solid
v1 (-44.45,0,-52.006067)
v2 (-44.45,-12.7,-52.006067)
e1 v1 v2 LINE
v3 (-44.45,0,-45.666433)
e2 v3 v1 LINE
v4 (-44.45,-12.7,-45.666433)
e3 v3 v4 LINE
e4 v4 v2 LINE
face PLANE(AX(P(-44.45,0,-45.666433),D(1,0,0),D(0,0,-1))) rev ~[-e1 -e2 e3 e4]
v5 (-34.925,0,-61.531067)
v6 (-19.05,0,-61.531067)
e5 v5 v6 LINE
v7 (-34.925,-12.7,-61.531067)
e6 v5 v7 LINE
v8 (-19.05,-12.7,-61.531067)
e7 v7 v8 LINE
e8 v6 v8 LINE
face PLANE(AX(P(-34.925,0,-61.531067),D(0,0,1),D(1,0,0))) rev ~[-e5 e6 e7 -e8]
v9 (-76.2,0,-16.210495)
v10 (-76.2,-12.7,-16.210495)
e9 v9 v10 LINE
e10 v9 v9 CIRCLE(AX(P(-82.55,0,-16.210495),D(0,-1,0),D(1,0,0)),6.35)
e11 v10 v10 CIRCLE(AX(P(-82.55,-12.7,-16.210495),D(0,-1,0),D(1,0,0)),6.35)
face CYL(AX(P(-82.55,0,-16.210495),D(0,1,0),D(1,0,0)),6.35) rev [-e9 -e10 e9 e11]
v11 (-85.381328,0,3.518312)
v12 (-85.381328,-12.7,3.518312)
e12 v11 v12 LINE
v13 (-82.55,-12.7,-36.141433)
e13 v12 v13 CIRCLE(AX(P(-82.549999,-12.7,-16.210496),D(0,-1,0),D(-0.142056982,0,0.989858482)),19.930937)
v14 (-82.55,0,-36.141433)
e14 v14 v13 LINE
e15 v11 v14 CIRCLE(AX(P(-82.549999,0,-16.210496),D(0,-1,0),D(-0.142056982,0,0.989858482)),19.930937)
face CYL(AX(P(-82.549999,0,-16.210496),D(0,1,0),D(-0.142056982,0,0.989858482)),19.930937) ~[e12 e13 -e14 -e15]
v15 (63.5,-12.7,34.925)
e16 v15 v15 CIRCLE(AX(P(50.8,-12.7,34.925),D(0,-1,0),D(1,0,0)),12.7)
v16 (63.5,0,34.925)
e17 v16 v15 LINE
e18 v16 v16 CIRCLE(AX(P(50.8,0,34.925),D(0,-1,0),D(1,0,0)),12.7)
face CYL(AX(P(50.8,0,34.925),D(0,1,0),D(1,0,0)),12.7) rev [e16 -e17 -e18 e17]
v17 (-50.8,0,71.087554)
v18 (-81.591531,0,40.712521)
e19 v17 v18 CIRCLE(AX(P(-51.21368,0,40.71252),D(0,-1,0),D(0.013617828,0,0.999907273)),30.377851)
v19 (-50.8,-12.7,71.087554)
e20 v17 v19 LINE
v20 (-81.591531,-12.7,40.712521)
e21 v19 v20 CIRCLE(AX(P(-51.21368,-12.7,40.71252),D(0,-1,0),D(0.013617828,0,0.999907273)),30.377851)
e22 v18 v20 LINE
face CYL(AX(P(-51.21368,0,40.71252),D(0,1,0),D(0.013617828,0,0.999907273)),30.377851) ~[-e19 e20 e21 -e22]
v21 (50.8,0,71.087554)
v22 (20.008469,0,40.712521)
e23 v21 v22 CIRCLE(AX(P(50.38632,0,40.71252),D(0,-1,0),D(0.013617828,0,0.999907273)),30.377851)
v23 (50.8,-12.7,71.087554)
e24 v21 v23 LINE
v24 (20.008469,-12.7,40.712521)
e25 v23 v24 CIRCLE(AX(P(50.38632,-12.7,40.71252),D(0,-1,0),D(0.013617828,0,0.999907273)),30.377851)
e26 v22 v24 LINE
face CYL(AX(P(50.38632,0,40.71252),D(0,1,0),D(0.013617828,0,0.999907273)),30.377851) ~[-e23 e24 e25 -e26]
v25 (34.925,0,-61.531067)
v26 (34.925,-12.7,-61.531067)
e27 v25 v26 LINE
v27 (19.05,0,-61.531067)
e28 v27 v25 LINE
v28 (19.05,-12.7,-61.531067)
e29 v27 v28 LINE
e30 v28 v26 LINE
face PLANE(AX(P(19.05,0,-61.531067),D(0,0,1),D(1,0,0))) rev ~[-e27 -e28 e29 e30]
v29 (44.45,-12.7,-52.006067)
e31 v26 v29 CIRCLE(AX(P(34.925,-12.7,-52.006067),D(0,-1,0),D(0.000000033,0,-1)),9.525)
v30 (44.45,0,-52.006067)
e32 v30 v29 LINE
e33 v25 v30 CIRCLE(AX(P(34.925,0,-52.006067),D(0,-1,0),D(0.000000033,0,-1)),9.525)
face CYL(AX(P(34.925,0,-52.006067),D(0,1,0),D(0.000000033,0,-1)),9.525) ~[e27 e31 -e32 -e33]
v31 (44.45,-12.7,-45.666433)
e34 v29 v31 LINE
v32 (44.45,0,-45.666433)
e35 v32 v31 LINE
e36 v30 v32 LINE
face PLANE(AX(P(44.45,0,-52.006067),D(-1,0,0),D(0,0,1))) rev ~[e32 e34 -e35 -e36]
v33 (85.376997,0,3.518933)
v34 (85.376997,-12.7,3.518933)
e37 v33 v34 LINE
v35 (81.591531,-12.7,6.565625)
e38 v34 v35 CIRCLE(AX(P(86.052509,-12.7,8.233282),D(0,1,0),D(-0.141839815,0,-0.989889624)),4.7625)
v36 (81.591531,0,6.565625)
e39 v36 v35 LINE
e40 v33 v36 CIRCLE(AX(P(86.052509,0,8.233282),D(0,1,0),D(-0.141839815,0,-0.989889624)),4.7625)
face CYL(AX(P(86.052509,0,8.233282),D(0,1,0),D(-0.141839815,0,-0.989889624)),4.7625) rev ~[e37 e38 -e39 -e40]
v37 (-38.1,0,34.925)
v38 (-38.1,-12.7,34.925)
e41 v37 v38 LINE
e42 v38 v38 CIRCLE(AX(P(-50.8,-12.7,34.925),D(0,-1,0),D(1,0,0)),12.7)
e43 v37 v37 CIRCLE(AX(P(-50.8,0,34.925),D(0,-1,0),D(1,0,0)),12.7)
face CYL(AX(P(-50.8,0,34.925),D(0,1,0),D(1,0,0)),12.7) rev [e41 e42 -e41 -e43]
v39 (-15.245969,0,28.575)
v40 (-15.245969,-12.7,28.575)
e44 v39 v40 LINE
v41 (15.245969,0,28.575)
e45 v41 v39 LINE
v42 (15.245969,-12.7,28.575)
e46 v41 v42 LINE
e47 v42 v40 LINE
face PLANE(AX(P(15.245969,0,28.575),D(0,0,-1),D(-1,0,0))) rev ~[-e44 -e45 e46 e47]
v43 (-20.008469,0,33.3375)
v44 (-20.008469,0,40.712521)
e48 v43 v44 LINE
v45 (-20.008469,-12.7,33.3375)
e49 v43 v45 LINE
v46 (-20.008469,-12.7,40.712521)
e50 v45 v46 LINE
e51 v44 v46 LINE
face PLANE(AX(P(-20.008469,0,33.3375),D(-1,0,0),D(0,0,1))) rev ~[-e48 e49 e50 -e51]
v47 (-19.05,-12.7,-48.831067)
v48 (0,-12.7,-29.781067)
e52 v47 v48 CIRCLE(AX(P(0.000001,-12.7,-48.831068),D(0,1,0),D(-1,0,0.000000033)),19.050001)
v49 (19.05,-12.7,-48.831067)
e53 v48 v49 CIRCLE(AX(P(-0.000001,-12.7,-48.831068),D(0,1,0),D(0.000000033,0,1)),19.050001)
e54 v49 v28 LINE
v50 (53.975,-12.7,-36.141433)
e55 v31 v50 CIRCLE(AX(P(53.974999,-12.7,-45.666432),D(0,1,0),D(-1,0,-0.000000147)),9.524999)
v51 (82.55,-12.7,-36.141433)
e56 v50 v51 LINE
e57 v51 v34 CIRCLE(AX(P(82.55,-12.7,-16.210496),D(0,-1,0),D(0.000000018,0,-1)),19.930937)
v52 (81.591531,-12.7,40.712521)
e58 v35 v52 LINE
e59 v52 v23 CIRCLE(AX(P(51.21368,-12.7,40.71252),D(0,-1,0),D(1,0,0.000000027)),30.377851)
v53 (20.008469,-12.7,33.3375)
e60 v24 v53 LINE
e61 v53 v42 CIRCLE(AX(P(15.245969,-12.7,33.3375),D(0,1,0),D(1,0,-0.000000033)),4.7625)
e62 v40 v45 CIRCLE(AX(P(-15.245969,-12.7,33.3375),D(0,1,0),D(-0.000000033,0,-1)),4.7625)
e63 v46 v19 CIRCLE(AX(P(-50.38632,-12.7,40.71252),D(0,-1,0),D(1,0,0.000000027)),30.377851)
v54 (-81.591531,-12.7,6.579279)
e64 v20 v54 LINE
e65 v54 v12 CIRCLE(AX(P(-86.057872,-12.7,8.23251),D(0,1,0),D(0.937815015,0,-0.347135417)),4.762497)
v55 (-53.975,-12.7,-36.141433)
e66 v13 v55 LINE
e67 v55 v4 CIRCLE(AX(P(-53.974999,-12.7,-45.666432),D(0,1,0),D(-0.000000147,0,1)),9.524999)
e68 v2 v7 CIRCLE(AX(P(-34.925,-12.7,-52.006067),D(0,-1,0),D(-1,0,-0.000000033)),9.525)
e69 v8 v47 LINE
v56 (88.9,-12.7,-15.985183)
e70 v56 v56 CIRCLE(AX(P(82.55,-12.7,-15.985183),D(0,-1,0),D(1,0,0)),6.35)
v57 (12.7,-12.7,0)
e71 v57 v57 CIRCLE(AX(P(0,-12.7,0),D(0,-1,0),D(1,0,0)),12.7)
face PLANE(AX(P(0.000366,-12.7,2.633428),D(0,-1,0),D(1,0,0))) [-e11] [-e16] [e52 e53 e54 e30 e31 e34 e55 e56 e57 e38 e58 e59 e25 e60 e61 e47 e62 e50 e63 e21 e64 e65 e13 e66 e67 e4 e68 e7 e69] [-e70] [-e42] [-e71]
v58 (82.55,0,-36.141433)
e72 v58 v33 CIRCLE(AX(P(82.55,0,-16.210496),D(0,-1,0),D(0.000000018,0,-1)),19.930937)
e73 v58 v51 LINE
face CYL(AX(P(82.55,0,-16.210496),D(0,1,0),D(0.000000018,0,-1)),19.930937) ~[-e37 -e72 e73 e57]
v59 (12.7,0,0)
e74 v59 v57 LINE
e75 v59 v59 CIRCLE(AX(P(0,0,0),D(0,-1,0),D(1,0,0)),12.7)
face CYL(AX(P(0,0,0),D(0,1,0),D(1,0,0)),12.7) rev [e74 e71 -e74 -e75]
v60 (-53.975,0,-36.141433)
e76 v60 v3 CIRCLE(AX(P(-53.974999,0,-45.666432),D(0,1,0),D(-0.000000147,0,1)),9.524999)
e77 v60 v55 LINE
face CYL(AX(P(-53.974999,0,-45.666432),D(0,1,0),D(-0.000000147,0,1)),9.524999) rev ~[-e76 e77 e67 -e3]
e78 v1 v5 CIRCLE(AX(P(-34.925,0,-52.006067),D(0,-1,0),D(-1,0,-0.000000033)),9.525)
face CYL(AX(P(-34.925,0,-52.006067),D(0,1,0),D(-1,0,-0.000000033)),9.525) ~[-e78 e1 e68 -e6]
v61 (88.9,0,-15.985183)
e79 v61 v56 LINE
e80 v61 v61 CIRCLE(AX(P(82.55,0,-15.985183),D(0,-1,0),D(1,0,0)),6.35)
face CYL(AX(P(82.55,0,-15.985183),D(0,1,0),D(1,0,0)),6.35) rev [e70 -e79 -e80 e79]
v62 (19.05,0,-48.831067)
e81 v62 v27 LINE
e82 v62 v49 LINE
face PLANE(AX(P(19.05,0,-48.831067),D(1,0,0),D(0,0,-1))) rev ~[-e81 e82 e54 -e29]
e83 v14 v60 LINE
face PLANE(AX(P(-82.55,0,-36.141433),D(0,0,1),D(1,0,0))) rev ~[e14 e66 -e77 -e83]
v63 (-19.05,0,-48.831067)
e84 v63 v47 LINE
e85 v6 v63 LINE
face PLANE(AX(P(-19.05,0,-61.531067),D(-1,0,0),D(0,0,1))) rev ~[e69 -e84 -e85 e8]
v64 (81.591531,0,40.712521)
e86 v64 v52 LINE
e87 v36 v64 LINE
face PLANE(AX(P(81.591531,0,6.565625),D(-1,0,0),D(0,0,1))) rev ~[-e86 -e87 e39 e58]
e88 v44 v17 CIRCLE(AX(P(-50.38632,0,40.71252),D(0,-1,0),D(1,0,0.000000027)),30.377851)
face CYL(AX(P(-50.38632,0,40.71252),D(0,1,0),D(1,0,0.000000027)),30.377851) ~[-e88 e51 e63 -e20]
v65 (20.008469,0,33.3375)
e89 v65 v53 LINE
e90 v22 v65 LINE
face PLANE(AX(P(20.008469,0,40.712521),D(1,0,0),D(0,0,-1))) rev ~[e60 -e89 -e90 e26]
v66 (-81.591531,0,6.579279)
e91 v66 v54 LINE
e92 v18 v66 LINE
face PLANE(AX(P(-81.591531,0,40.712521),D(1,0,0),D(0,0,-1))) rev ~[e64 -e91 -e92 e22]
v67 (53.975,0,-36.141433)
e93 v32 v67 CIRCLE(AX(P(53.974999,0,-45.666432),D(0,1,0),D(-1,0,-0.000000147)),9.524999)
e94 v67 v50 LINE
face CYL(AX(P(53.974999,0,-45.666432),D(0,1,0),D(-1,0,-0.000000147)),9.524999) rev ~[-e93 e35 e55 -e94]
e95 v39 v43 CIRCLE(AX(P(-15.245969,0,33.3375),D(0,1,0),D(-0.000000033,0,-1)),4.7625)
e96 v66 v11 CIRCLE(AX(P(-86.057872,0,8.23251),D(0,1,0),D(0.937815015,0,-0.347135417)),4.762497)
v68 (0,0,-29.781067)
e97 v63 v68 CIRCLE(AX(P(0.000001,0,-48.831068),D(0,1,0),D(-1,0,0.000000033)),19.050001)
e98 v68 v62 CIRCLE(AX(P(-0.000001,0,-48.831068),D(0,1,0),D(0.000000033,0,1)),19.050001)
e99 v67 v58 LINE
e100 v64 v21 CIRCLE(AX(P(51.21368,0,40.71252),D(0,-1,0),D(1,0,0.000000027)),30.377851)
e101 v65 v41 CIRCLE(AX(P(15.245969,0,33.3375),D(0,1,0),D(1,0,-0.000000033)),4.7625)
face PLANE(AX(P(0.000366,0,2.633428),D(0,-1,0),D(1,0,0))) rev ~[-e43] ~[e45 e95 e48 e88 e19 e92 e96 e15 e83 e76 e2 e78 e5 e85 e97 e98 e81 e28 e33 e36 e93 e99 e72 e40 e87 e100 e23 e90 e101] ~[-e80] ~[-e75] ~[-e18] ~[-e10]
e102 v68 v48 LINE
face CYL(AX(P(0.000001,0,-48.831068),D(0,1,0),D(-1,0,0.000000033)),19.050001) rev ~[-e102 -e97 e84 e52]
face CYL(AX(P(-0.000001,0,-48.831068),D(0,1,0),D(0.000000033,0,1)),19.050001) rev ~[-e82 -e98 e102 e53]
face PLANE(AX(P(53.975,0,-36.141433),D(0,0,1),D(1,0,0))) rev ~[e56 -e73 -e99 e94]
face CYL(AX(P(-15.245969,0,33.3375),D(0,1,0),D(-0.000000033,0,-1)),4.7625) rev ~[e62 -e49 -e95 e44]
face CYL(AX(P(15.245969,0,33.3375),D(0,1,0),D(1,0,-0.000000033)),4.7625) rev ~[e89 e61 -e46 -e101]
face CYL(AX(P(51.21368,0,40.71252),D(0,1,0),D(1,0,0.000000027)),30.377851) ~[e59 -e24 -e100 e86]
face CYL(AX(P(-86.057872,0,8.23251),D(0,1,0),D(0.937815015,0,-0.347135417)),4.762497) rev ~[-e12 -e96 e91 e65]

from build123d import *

# Parameters (mm, degrees)
F0_R     = 7.9375
F0_R_2   = 12.7
F0_R_3   = 6.35
F1_DEPTH = 12.7


with BuildPart() as f1:
    # F0 (on Front) → F1 (new body)
    with BuildSketch(Plane.XZ):
        with BuildLine():
            ThreePointArc((-81.591531, 6.579279), (-83.065432, 4.527557), (-85.381328, 3.518312))
            ThreePointArc((-85.381328, 3.518312), (-102.43034, -17.629762), (-82.55, -36.141433))
            Line((-82.55, -36.141433), (-53.975, -36.141433))
            ThreePointArc((-53.975, -36.141433), (-47.239808, -38.93124), (-44.45, -45.666433))
            Line((-44.45, -45.666433), (-44.45, -52.006067))
            ThreePointArc((-44.45, -52.006067), (-41.660192, -58.741259), (-34.925, -61.531067))
            Line((-34.925, -61.531067), (-19.05, -61.531067))
            Line((-19.05, -61.531067), (-19.05, -48.831067))
            ThreePointArc((-19.05, -48.831067), (-13.470384, -35.360683), (0, -29.781067))
            ThreePointArc((0, -29.781067), (13.470384, -35.360683), (19.05, -48.831067))
            Line((19.05, -48.831067), (19.05, -61.531067))
            Line((19.05, -61.531067), (34.925, -61.531067))
            ThreePointArc((34.925, -61.531067), (41.660192, -58.741259), (44.45, -52.006067))
            Line((44.45, -52.006067), (44.45, -45.666433))
            ThreePointArc((44.45, -45.666433), (47.239808, -38.93124), (53.975, -36.141433))
            Line((53.975, -36.141433), (82.55, -36.141433))
            ThreePointArc((82.55, -36.141433), (102.430496, -17.627581), (85.376997, 3.518933))
            ThreePointArc((85.376997, 3.518933), (83.066464, 4.523169), (81.591531, 6.565625))
            Line((81.591531, 6.565625), (81.591531, 40.712521))
            ThreePointArc((81.591531, 40.712521), (72.547305, 62.338668), (50.8, 71.087554))
            ThreePointArc((50.8, 71.087554), (29.052695, 62.338668), (20.008469, 40.712521))
            Line((20.008469, 40.712521), (20.008469, 33.3375))
            ThreePointArc((20.008469, 33.3375), (18.613565, 29.969904), (15.245969, 28.575))
            Line((15.245969, 28.575), (-15.245969, 28.575))
            ThreePointArc((-15.245969, 28.575), (-18.613565, 29.969904), (-20.008469, 33.3375))
            Line((-20.008469, 33.3375), (-20.008469, 40.712521))
            ThreePointArc((-20.008469, 40.712521), (-29.052695, 62.338668), (-50.8, 71.087554))
            ThreePointArc((-50.8, 71.087554), (-72.547305, 62.338668), (-81.591531, 40.712521))
            Line((-81.591531, 40.712521), (-81.591531, 6.579279))
        make_face()
        with Locations((-82.55, -15.985183)):
            Circle(F0_R, mode=Mode.SUBTRACT)
        Circle(F0_R_2, mode=Mode.SUBTRACT)
        with Locations((82.55, -15.985183)):
            Circle(F0_R, mode=Mode.SUBTRACT)
        with Locations((-50.8, 34.925)):
            Circle(F0_R_2, mode=Mode.SUBTRACT)
        with Locations((50.8, 34.925)):
            Circle(F0_R_2, mode=Mode.SUBTRACT)
        with Locations((-82.55, -15.985183)):
            Circle(F0_R)
        with Locations((-82.55, -16.210495)):
            Circle(F0_R_3, mode=Mode.SUBTRACT)
        with Locations((82.55, -15.985183)):
            Circle(F0_R)
        with Locations((82.55, -15.985183)):
            Circle(F0_R_3, mode=Mode.SUBTRACT)
    extrude(amount=F1_DEPTH)


solid = f1.part
